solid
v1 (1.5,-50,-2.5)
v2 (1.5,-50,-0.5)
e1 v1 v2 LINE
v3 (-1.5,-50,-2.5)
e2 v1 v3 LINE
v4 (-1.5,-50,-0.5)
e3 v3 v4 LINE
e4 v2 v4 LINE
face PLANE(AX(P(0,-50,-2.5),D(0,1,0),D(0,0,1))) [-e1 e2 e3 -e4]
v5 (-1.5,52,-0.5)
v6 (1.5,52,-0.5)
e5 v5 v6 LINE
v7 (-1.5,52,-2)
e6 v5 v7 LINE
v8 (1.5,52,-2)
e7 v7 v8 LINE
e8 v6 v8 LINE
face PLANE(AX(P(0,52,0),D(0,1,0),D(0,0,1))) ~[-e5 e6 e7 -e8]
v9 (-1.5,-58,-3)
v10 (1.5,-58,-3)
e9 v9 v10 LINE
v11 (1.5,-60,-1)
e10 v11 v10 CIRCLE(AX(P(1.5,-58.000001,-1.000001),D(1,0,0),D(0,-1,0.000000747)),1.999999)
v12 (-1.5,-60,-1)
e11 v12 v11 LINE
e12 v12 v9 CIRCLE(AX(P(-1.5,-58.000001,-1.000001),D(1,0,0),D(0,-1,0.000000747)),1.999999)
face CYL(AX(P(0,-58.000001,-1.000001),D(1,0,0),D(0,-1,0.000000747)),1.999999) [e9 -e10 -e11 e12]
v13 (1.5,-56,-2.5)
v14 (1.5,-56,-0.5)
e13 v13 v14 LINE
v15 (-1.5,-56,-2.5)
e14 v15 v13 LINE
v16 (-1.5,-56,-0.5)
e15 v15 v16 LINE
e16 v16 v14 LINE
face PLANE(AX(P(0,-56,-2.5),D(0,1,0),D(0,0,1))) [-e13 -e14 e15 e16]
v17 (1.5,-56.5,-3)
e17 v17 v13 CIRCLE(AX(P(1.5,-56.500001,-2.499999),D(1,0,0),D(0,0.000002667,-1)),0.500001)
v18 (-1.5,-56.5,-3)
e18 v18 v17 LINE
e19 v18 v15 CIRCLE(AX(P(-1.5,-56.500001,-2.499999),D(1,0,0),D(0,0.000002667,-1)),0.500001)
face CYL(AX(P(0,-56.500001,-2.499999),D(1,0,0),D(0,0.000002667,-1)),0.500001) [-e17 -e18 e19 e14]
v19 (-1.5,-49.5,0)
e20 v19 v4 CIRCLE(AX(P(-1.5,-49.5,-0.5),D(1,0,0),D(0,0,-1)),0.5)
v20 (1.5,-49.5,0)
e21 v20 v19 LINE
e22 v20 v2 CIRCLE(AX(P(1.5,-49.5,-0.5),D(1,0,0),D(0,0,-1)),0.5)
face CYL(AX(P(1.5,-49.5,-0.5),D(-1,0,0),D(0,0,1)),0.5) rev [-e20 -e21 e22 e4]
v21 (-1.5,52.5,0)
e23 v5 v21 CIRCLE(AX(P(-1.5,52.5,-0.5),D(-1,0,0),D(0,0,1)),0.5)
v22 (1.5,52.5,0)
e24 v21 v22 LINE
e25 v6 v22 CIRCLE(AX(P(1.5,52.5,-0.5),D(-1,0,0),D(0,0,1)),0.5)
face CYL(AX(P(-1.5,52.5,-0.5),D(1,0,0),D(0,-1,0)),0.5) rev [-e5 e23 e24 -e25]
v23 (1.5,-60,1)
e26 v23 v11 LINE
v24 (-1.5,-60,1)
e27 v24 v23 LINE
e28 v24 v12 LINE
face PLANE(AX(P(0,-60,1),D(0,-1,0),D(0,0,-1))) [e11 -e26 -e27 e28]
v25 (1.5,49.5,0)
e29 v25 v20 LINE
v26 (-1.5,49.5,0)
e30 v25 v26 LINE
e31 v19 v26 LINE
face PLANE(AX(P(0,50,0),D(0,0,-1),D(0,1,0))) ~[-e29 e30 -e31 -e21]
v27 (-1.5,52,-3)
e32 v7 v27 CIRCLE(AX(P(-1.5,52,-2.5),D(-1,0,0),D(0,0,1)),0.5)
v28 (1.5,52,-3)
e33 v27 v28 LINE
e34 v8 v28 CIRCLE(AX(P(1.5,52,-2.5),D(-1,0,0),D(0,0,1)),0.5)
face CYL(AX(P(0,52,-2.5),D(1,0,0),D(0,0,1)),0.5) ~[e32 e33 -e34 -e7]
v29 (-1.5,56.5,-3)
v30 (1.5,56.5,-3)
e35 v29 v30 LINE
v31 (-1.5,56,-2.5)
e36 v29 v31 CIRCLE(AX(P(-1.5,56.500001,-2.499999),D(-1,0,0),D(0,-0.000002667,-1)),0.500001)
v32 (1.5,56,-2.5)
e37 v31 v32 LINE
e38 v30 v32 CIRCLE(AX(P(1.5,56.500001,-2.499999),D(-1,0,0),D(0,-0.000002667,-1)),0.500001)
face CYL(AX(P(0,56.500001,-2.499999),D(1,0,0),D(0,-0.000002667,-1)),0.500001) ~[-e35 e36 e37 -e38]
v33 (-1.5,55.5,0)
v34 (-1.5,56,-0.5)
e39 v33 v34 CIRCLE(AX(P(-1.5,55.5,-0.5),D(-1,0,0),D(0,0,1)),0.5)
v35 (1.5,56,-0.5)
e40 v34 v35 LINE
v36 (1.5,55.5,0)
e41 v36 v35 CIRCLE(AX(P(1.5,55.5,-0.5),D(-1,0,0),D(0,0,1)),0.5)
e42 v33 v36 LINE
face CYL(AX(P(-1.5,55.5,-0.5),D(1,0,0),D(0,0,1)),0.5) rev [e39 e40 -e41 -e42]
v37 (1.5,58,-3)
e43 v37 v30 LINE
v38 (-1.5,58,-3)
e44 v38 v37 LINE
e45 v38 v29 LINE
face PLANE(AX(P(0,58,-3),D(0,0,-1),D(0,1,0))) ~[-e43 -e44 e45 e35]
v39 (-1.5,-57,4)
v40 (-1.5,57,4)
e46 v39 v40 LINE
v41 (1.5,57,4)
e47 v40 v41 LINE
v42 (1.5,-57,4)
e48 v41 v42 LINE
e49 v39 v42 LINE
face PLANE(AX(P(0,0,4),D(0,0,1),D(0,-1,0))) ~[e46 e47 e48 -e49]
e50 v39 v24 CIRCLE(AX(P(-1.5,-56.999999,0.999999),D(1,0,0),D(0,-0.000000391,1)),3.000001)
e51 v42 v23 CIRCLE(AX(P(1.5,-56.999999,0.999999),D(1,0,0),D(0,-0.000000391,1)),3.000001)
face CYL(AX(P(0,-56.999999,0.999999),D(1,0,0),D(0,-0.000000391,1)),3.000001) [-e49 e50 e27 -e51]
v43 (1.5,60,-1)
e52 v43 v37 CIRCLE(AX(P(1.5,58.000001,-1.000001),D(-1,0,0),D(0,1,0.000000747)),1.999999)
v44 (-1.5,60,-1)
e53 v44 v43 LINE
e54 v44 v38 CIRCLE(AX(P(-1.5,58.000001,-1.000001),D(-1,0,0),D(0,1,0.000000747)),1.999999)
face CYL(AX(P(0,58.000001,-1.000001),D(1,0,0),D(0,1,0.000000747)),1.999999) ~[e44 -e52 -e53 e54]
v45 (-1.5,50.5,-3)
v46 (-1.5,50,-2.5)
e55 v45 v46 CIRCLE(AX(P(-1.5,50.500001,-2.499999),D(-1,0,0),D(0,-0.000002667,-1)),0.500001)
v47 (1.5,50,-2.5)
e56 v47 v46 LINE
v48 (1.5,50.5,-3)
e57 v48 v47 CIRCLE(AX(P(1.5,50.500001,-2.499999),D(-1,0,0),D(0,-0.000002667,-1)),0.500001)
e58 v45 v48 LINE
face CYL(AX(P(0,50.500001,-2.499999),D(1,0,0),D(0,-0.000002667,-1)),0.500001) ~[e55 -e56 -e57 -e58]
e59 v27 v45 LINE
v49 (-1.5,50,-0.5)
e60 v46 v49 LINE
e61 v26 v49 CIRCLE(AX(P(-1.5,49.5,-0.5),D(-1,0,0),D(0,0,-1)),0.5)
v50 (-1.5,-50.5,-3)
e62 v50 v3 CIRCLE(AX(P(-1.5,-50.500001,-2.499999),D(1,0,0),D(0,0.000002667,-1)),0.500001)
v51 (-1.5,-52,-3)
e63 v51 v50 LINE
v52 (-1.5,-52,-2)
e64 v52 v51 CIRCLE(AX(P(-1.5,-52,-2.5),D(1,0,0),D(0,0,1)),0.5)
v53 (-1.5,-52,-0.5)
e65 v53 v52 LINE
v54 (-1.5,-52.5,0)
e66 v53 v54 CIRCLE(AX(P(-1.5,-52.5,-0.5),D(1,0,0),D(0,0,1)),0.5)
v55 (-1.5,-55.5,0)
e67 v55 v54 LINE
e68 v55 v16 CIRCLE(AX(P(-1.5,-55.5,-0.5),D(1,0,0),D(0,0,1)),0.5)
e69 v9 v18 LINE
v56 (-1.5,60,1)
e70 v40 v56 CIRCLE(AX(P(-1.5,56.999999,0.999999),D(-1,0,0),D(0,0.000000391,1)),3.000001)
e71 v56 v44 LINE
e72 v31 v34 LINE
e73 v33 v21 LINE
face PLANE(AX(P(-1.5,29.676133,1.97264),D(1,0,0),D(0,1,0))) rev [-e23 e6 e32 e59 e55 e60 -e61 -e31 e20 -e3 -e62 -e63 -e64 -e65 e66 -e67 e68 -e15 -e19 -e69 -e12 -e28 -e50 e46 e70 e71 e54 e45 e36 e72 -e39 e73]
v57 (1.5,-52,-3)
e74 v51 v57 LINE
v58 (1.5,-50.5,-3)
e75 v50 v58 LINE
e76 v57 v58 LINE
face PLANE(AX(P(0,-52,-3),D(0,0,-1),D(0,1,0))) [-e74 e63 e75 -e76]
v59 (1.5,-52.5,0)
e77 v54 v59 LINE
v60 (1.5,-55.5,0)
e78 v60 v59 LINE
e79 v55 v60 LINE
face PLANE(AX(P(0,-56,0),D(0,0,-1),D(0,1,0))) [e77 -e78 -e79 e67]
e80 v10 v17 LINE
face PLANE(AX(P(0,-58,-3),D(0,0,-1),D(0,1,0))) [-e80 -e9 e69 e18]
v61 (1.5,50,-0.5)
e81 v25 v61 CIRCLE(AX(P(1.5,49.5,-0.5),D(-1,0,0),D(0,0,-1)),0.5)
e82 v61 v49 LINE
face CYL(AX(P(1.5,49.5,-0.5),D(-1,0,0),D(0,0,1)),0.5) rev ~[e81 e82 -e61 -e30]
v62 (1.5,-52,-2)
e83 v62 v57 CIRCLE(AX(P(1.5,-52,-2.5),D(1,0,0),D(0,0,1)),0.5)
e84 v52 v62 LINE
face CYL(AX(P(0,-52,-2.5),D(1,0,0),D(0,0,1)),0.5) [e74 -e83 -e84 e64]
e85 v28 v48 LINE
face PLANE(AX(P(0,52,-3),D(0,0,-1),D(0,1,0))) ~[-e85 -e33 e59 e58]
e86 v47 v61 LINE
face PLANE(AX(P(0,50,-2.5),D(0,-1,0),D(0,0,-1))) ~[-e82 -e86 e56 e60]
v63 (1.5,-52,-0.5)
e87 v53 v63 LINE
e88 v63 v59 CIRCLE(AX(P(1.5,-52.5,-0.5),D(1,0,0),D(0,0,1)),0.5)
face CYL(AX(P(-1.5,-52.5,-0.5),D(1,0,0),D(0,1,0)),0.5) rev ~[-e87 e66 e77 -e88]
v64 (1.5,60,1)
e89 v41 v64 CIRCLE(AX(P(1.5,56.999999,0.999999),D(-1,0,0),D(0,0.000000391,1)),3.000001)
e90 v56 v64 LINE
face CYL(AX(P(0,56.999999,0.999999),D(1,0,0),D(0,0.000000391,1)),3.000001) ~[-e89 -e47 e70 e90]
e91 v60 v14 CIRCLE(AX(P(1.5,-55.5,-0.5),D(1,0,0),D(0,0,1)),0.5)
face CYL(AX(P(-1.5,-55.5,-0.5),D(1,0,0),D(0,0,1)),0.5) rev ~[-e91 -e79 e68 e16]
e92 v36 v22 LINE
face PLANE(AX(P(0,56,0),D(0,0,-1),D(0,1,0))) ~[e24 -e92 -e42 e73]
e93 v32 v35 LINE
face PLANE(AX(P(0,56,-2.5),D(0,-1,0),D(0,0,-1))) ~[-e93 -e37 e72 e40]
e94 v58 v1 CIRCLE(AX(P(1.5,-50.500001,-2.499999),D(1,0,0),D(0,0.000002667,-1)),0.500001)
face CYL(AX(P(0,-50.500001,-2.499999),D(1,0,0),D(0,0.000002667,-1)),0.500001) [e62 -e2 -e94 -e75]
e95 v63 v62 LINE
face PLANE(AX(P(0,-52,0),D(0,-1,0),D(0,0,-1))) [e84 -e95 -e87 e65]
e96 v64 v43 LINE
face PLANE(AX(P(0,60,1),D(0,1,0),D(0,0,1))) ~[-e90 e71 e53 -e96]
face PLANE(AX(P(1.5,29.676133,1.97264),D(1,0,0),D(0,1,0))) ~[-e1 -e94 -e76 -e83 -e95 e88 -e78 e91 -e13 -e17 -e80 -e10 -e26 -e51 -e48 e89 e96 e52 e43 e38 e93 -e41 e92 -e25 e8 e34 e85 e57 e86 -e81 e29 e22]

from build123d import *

# Parameters (mm, degrees)
F0_W     = 2
F0_H     = 2
F1_DEPTH = 1.5
F2_R     = 0.5


with BuildPart() as f1:
    # F0 (on Right) → F1 (new body, symmetric)
    with BuildSketch(Plane.YZ):
        with BuildLine():
            Line((-50, 0), (0, 0))
            Line((0, 0), (0, 4))
            Line((0, 4), (-57, 4))
            ThreePointArc((-57, 4), (-59.12132, 3.12132), (-60, 1))
            Line((-60, 1), (-60, 0))
            Line((-60, 0), (-56, 0))
            Line((-56, 0), (-52, 0))
            Line((-52, 0), (-50, 0))
        make_face()
        with Locations((-51, -1)):
            Rectangle(F0_W, F0_H)
        with BuildLine():
            Line((-50, -2.5), (-50, -2))
            Line((-50, -2), (-52, -2))
            Line((-52, -2), (-52, -3))
            Line((-52, -3), (-50.5, -3))
            ThreePointArc((-50.5, -3), (-50.146447, -2.853553), (-50, -2.5))
        make_face()
        with BuildLine():
            Line((-56, -2.5), (-56, 0))
            Line((-56, 0), (-60, 0))
            Line((-60, 0), (-60, -1))
            ThreePointArc((-60, -1), (-59.414214, -2.414214), (-58, -3))
            Line((-58, -3), (-56.5, -3))
            ThreePointArc((-56.5, -3), (-56.146447, -2.853553), (-56, -2.5))
        make_face()
        with BuildLine():
            Line((-52, -3), (-52, -2))
            ThreePointArc((-52, -2), (-52.5, -2.5), (-52, -3))
        make_face()
    extrude(amount=F1_DEPTH, both=True)

    # F2
    f2_edges = [f1.edges().sort_by_distance(p)[0] for p in [
        (0, -56, 0),
        (0, -52, 0),
        (0, -50, 0),
    ]]
    fillet(f2_edges, radius=F2_R)

    # F3: F1 across face


with BuildPart() as f1_1:
    add(f1.part)
    add(f1.part.mirror(Plane(origin=(0, 0, 2), x_dir=(-1, 0, 0), z_dir=(0, 1, 0))))


solid = f1_1.part
